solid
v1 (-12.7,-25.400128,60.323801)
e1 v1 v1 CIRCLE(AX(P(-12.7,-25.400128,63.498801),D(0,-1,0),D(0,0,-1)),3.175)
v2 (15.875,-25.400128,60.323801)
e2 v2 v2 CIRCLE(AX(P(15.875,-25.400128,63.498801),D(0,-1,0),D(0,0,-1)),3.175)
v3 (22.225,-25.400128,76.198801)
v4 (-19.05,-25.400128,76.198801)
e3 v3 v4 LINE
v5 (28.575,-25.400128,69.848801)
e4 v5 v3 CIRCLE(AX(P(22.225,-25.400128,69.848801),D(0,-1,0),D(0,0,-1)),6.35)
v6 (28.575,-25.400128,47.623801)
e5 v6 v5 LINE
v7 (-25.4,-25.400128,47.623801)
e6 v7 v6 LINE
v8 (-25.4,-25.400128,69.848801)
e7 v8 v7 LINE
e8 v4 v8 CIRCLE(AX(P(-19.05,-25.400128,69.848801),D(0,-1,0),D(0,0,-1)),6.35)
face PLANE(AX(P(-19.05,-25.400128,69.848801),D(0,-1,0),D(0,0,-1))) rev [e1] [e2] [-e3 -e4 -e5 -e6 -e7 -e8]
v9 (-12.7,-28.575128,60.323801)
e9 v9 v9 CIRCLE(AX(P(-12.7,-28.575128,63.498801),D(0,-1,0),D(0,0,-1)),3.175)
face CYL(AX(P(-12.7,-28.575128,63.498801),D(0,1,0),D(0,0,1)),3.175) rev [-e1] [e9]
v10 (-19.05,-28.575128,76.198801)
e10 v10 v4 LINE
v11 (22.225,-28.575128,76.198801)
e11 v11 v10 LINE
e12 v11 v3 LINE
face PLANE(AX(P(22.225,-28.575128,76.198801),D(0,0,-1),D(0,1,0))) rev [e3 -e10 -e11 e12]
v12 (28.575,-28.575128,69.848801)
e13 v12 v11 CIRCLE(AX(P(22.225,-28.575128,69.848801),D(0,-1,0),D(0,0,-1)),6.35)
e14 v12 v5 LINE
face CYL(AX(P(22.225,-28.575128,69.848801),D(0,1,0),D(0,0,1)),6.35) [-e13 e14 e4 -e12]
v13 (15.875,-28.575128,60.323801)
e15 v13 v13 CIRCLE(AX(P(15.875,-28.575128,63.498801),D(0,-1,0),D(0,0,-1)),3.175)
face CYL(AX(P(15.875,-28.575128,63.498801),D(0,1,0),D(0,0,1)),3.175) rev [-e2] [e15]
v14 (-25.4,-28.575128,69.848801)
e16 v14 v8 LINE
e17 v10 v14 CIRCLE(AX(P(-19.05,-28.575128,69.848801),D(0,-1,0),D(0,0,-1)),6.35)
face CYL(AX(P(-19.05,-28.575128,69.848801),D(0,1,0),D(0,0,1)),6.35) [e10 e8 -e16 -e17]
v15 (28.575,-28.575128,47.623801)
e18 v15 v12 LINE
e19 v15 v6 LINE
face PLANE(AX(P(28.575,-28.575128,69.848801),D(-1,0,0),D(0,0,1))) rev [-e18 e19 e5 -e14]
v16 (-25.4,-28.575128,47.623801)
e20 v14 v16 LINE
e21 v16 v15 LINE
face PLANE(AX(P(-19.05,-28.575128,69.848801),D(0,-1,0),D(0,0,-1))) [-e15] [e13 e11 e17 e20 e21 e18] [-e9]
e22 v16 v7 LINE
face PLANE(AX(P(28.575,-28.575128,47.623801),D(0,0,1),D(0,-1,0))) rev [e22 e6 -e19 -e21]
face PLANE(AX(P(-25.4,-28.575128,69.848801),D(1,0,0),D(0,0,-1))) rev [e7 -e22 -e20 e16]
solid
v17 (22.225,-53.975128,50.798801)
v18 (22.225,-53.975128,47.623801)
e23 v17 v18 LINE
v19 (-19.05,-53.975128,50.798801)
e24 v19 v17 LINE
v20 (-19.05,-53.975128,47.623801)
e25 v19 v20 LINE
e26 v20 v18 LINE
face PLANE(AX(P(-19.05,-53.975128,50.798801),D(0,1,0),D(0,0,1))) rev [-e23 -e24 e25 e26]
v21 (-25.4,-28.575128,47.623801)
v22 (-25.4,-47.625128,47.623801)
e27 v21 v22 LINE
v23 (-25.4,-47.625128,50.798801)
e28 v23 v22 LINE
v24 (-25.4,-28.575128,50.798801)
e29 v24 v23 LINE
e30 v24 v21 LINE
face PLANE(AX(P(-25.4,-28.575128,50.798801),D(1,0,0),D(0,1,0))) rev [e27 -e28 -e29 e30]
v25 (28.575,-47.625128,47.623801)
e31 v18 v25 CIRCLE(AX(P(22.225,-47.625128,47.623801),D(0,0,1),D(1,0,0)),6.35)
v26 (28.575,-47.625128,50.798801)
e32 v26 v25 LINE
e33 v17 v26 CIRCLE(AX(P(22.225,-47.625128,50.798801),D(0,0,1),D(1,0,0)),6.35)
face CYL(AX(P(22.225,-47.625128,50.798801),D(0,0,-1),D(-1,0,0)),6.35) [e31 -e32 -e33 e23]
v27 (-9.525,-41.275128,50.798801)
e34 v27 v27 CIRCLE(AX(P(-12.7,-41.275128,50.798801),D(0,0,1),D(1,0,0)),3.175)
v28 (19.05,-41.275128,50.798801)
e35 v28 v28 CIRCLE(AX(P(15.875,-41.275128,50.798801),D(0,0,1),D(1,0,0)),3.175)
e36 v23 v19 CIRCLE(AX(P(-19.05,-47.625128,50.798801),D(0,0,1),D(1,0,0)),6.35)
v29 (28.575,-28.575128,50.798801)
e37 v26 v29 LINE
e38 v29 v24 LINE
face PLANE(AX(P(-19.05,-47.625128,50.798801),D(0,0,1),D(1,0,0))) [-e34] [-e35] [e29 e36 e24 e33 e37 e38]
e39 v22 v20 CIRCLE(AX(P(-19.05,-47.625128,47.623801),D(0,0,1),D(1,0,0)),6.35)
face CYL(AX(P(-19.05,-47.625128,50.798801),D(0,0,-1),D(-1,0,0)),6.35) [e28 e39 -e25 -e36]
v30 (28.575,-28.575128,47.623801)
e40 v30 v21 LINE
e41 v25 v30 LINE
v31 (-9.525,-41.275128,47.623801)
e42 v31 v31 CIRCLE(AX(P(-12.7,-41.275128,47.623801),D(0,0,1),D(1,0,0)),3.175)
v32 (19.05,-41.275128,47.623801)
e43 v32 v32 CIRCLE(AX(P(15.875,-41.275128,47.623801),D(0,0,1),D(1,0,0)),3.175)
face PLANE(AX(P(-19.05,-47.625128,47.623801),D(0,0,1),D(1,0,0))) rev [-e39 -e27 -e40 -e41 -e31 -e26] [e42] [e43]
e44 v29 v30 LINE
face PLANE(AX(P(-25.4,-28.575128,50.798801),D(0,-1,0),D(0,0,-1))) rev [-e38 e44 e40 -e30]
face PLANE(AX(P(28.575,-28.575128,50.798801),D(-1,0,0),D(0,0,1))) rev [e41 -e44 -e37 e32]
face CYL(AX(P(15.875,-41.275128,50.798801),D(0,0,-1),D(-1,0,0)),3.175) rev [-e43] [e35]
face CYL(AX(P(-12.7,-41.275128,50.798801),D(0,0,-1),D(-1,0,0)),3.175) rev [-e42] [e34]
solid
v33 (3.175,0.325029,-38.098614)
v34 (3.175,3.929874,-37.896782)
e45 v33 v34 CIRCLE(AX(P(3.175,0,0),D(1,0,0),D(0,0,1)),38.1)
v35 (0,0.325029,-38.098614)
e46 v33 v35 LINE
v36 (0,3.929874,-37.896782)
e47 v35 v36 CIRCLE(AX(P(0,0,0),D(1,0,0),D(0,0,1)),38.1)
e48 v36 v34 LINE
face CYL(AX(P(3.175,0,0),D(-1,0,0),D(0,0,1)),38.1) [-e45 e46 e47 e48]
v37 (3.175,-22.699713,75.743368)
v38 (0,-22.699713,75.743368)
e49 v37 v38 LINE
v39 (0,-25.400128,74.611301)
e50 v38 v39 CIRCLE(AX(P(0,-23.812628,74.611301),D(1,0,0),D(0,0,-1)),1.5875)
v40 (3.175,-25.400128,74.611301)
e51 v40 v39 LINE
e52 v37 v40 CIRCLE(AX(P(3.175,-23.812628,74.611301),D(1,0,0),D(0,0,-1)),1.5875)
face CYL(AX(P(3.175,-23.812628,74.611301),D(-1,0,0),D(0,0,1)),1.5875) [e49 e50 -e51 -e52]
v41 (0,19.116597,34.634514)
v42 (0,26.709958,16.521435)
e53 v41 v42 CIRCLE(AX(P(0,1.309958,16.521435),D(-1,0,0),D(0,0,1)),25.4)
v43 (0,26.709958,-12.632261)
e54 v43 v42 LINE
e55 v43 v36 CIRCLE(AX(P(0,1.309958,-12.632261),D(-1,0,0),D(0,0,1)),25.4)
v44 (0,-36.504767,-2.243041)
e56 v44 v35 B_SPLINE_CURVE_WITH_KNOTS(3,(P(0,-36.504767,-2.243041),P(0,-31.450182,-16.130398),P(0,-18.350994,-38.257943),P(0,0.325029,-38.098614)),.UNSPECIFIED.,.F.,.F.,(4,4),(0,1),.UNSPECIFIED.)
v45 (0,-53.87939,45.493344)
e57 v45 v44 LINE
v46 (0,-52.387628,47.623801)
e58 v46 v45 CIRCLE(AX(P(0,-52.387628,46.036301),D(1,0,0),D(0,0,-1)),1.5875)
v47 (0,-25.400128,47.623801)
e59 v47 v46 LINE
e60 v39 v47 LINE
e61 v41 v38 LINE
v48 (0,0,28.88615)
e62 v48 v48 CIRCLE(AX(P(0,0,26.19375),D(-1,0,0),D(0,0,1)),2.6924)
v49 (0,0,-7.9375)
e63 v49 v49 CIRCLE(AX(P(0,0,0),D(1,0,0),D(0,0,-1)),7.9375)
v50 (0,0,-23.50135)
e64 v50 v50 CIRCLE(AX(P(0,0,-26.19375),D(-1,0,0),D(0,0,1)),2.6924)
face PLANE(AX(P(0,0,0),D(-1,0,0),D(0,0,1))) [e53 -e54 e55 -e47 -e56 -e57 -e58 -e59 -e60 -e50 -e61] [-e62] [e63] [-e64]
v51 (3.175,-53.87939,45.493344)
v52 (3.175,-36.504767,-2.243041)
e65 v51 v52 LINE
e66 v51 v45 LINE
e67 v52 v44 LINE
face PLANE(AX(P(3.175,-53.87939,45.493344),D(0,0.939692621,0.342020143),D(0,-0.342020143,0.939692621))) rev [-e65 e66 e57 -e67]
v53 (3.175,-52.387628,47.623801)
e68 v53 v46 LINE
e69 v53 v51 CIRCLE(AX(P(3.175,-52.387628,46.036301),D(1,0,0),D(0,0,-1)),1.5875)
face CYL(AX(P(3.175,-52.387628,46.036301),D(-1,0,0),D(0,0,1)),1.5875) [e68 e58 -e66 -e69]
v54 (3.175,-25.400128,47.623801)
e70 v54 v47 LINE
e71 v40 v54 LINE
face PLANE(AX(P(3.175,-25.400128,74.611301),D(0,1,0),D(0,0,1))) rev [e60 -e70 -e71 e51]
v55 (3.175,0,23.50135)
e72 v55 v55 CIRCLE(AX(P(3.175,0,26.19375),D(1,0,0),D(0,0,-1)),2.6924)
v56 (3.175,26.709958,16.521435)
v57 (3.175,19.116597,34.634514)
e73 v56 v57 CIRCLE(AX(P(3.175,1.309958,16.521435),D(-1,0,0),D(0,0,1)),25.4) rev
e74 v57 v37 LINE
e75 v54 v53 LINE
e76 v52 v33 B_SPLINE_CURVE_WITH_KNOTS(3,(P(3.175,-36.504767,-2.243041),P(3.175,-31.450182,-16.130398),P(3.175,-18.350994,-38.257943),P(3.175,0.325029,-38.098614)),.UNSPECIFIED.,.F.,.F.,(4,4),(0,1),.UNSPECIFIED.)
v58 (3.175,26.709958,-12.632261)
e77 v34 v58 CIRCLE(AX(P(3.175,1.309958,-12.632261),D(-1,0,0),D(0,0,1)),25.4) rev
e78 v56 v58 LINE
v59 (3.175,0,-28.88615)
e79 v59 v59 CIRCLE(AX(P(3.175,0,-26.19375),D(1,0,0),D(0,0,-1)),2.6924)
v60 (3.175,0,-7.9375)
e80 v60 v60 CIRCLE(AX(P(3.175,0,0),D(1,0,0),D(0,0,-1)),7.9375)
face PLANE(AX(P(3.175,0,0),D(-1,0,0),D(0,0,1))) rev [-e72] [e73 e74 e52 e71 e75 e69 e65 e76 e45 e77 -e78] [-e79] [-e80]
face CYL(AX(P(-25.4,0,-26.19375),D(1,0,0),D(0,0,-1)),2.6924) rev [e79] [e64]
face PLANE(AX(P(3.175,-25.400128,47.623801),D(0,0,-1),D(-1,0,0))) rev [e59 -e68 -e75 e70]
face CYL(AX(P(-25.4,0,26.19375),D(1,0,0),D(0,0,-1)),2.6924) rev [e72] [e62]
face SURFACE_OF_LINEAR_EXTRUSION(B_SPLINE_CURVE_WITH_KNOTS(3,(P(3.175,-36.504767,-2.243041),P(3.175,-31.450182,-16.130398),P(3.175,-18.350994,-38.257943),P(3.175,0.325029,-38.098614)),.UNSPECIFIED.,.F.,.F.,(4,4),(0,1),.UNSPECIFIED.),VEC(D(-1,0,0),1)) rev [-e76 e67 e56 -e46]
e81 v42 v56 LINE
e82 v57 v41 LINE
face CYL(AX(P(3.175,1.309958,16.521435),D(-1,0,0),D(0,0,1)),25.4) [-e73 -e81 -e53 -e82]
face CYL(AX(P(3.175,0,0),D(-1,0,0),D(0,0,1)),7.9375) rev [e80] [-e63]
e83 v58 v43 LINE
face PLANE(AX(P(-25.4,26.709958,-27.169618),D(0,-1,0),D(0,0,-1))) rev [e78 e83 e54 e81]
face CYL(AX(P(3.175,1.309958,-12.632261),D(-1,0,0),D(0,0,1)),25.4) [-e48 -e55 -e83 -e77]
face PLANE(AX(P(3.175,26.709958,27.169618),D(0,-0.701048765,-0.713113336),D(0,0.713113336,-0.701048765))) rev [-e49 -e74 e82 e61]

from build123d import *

# Parameters (mm, degrees)
SKETCH1_R           = 7.9375
BOSS_EXTRUDE1_DEPTH = 3.175
SKETCH2_R           = 3.175
BOSS_EXTRUDE2_DEPTH = 3.175
SKETCH3_R           = 3.175
BOSS_EXTRUDE3_DEPTH = 3.175
SKETCH4_R           = 2.6924
CUT_EXTRUDE1_DEPTH  = 29.575
FILLET1_R           = 25.4


with BuildPart() as part:
    # Sketch1 → Boss-Extrude1 (new body)
    with BuildSketch(Plane(origin=(0, 0, 0), x_dir=(0, 0, -1), z_dir=(1, 0, 0))):
        with BuildLine():
            Line((-27.169618094, 26.70995793), (-75.743368037, -22.69971313))
            ThreePointArc((-75.743368037, -22.69971313), (-76.075354693, -24.426388512), (-74.611300617, -25.400128043))
            Line((-74.611300617, -25.400128043), (-47.623800617, -25.400128043))
            Line((-47.623800617, -25.400128043), (-47.623800617, -52.387628043))
            ThreePointArc((-47.623800617, -52.387628043), (-46.946853209, -53.688031914), (-45.493343639, -53.879390079))
            Line((-45.493343639, -53.879390079), (2.243041497, -36.504766798))
            add(Edge.make_bspline(
                [(38.098613574, 0.325028819), (38.257943408, -18.350994418), (16.130398484, -31.450182222), (2.243041497, -36.504766798)],
                knots=[0, 0, 0, 0, 1, 1, 1, 1], degree=3))
            ThreePointArc((38.098613574, 0.325028819), (14.279420738, 35.322912442), (-27.169618094, 26.70995793))
        make_face()
        Circle(SKETCH1_R, mode=Mode.SUBTRACT)
    extrude(amount=BOSS_EXTRUDE1_DEPTH)

    # Sketch4 → Cut-Extrude1 (cut, through all)
    with BuildSketch(Plane(origin=(3.175, 0, 0), x_dir=(0, 0, -1), z_dir=(1, 0, 0))):
        with Locations((-26.19375, 0)):
            Circle(SKETCH4_R)
        with Locations((26.19375, 0)):
            Circle(SKETCH4_R)
        with BuildLine():
            Line((27.169618094, 26.70995793), (-27.169618094, 26.70995793))
            ThreePointArc((-27.169618094, 26.70995793), (0, 38.1), (27.169618094, 26.70995793))
        make_face()
    extrude(amount=-CUT_EXTRUDE1_DEPTH, mode=Mode.SUBTRACT)

    # Fillet1
    fillet1_edges = [part.edges().sort_by_distance(p)[0] for p in [
        (1.5875, 26.70995793, 27.169618094),
        (1.5875, 26.70995793, -27.169618094),
    ]]
    fillet(fillet1_edges, radius=FILLET1_R)


with BuildPart() as body_2:
    # Sketch2 → Boss-Extrude2 (new body)
    with BuildSketch(Plane(origin=(38.098793801, -25.400128043, 0), x_dir=(0, 0, -1), z_dir=(0, -1, 0))):
        with BuildLine():
            Line((-69.848800617, -9.523793801), (-47.623800617, -9.523793801))
            Line((-47.623800617, -9.523793801), (-47.623800617, -63.498793801))
            Line((-47.623800617, -63.498793801), (-69.848800617, -63.498793801))
            ThreePointArc((-69.848800617, -63.498793801), (-74.338928677, -61.638921862), (-76.198800617, -57.148793801))
            Line((-76.198800617, -57.148793801), (-76.198800617, -15.873793801))
            ThreePointArc((-76.198800617, -15.873793801), (-74.338928677, -11.383665741), (-69.848800617, -9.523793801))
        make_face()
        with Locations((-63.498800617, -22.223793801)):
            Circle(SKETCH2_R, mode=Mode.SUBTRACT)
        with Locations((-63.498800617, -50.798793801)):
            Circle(SKETCH2_R, mode=Mode.SUBTRACT)
    extrude(amount=BOSS_EXTRUDE2_DEPTH)


with BuildPart() as body_3:
    # Sketch3 → Boss-Extrude3 (new body)
    with BuildSketch(Plane.XY.offset(47.623800617)):
        with BuildLine():
            Line((-25.4, -28.575128043), (28.575, -28.575128043))
            Line((28.575, -28.575128043), (28.575, -47.625128043))
            ThreePointArc((28.575, -47.625128043), (26.715128061, -52.115256104), (22.225, -53.975128043))
            Line((22.225, -53.975128043), (-19.05, -53.975128043))
            ThreePointArc((-19.05, -53.975128043), (-23.540128061, -52.115256104), (-25.4, -47.625128043))
            Line((-25.4, -47.625128043), (-25.4, -28.575128043))
        make_face()
        with Locations((-12.7, -41.275128043)):
            Circle(SKETCH3_R, mode=Mode.SUBTRACT)
        with Locations((15.875, -41.275128043)):
            Circle(SKETCH3_R, mode=Mode.SUBTRACT)
    extrude(amount=BOSS_EXTRUDE3_DEPTH)


solid = Compound([part.part, body_2.part, body_3.part])
